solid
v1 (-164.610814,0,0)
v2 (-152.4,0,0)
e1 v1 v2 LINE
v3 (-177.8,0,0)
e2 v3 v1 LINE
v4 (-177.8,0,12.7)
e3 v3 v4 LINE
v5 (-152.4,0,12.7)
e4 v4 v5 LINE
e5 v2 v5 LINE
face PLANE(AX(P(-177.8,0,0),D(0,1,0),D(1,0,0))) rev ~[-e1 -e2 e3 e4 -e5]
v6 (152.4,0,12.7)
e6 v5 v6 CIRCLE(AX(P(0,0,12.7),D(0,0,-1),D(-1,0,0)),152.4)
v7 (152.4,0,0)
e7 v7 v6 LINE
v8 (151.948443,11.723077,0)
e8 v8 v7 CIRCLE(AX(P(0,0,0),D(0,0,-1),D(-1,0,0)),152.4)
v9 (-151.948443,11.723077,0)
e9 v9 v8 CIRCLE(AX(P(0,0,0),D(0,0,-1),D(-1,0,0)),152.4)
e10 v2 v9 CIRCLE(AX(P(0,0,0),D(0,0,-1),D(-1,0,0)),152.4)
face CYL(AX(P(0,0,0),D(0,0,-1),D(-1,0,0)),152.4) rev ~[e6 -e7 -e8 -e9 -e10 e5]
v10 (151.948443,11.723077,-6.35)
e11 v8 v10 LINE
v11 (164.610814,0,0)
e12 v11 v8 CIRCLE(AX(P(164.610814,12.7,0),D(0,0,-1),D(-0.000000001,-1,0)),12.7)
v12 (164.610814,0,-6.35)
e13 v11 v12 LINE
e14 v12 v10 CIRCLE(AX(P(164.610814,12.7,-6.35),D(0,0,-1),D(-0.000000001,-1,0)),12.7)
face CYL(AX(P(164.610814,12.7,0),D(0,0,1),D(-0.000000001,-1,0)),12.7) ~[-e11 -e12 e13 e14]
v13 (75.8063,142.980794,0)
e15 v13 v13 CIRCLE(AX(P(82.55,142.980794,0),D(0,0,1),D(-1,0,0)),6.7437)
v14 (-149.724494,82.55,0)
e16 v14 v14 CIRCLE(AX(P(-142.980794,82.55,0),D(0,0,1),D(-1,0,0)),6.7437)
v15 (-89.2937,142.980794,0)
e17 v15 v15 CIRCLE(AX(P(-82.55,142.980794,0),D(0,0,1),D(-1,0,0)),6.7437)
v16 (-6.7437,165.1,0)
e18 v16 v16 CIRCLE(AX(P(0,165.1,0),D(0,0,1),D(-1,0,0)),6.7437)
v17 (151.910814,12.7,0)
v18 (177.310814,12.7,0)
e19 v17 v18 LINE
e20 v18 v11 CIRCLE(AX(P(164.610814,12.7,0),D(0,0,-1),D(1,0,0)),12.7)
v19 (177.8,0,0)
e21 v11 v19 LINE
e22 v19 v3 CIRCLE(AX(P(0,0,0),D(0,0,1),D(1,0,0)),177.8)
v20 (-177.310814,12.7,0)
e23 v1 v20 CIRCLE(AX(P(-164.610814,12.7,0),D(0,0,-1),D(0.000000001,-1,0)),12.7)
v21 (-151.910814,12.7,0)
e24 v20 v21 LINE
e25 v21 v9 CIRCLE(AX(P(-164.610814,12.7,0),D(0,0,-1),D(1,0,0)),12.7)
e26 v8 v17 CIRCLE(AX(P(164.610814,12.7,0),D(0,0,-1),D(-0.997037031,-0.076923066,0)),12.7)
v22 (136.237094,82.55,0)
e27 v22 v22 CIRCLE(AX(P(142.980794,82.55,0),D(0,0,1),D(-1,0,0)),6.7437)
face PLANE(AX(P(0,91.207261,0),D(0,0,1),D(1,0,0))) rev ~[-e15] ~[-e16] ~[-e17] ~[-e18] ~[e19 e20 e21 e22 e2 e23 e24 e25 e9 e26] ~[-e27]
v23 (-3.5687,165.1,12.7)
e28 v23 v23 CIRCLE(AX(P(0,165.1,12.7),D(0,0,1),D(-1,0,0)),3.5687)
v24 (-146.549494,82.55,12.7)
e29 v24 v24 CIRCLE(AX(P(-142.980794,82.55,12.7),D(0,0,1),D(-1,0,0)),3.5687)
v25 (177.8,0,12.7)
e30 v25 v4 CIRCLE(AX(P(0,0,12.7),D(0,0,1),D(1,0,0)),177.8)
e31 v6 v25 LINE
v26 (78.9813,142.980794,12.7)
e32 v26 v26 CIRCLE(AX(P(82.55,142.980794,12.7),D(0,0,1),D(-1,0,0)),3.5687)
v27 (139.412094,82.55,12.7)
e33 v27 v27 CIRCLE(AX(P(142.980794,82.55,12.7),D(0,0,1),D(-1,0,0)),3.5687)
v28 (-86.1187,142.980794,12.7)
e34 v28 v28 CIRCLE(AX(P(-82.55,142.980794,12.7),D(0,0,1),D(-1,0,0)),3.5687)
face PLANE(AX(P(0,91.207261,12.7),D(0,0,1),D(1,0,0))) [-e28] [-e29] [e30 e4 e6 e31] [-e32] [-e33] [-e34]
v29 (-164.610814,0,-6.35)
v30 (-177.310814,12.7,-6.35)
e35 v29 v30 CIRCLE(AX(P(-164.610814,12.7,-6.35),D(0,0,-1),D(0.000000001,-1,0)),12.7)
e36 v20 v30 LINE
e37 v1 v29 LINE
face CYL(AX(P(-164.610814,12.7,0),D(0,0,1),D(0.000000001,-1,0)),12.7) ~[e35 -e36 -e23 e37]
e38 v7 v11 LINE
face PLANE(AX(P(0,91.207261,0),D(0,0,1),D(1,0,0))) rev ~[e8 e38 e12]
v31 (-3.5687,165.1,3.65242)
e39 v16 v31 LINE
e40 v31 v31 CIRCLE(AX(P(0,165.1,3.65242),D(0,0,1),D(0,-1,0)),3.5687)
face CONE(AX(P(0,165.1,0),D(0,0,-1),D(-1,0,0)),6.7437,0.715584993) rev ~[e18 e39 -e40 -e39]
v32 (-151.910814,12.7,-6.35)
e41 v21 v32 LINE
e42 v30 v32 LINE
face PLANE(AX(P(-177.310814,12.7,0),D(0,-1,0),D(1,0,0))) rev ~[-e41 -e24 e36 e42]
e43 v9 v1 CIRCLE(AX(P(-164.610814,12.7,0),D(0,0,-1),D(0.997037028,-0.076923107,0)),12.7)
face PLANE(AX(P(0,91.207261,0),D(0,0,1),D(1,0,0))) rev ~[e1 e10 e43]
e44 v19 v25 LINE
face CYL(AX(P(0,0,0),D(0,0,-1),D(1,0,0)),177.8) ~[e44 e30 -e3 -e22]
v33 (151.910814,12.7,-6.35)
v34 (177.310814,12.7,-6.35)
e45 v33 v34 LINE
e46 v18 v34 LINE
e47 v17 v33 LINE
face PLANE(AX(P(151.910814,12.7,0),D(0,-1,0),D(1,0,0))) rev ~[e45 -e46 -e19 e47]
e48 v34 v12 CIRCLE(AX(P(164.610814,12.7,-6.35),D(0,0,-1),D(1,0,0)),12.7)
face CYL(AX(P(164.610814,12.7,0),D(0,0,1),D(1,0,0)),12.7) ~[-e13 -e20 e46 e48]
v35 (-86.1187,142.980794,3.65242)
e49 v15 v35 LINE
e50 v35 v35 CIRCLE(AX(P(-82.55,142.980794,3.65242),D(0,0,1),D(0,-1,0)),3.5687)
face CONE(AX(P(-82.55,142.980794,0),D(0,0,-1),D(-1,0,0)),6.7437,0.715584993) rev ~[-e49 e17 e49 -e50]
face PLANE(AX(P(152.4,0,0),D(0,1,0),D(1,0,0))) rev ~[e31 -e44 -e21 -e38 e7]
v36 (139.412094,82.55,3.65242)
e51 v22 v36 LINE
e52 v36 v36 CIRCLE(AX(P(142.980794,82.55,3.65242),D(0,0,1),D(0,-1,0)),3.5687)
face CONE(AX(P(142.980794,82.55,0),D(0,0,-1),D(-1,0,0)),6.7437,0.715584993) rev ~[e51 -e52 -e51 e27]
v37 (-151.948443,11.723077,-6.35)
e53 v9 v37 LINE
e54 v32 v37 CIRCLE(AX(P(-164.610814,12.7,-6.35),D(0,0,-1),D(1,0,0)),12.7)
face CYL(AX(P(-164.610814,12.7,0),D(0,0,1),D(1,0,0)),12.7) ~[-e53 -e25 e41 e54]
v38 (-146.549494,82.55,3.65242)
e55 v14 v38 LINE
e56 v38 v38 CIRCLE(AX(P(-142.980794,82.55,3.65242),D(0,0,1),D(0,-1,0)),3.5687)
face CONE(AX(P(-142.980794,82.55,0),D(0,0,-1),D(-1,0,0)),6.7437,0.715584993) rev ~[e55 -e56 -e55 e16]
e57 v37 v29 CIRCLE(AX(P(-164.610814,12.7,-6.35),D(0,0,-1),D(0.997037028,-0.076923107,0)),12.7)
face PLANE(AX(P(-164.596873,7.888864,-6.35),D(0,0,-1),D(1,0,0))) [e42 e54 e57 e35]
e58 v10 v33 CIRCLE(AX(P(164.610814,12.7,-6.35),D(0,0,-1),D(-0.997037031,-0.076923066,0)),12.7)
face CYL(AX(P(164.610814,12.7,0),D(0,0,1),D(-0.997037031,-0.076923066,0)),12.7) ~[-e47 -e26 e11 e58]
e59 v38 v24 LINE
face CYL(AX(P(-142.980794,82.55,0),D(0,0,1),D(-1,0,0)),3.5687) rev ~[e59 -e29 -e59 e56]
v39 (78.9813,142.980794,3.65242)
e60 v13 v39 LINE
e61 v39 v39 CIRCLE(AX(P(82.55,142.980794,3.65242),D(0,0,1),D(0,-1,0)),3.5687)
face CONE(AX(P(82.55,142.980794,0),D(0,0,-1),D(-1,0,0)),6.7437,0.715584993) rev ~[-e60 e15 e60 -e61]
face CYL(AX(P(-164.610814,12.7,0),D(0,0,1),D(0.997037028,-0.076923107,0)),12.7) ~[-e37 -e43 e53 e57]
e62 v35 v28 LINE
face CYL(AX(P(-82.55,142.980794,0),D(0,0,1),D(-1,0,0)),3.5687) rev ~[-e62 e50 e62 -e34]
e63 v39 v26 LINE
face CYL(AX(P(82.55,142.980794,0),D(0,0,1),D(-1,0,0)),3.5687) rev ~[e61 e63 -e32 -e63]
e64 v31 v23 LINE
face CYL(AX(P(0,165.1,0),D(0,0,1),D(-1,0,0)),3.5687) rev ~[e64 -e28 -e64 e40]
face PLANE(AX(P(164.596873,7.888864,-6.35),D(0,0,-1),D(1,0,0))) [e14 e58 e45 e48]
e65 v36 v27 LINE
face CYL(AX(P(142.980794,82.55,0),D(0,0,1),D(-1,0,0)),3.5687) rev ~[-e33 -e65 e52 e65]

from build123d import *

# Parameters (mm, degrees)
F1_DEPTH       = 12.7
F3_DEPTH       = 6.35
F5_D           = 7.1374
F5_CSINK_D     = 13.4874
F5_CSINK_ANGLE = 82


with BuildPart() as f1:
    # F0 (on Top) → F1 (new body)
    with BuildSketch(Plane.XY):
        with BuildLine():
            Line((-177.8, 0), (-152.4, 0))
            ThreePointArc((-152.4, 0), (0, 152.4), (152.4, 0))
            Line((152.4, 0), (177.8, 0))
            ThreePointArc((177.8, 0), (0, 177.8), (-177.8, 0))
        make_face()
    extrude(amount=F1_DEPTH)

    # F2 (on face) → F3 (join)
    with BuildSketch(Plane(origin=(0, 0, 0), x_dir=(1, 0, 0), z_dir=(0, 0, -1))):
        with BuildLine():
            Line((-164.6108137396, -12.7), (-151.9108137396, -12.7))
            ThreePointArc((-151.9108137396, -12.7), (-151.9202246619, -12.2111760422), (-151.9484434816, -11.7230765386))
            ThreePointArc((-151.9484434816, -11.7230765386), (-155.9828628767, -3.3807476744), (-164.6108137281, 0))
            ThreePointArc((-164.6108137281, 0), (-173.5910698566, -3.7197438749), (-177.3108137396, -12.7))
            Line((-177.3108137396, -12.7), (-164.6108137396, -12.7))
        make_face()
        with BuildLine():
            ThreePointArc((151.9484434411, -11.7230770637), (151.9202246518, -12.2111763053), (151.9108137396, -12.7))
            Line((151.9108137396, -12.7), (177.3108137396, -12.7))
            ThreePointArc((177.3108137396, -12.7), (173.5910698566, -3.7197438749), (164.6108137281, 0))
            ThreePointArc((164.6108137281, 0), (155.9828626834, -3.3807478534), (151.9484434411, -11.7230770637))
        make_face()
    extrude(amount=F3_DEPTH)

    # F5 (through all)
    with Locations(Plane(origin=(0, 0, 0), x_dir=(1, 0, 0), z_dir=(0, 0, -1))):
        with Locations((-142.9807941648, -82.55), (-82.55, -142.9807941648), (0, -165.1), (82.55, -142.9807941648), (142.9807941648, -82.55)):
            CounterSinkHole(F5_D / 2, F5_CSINK_D / 2, counter_sink_angle=F5_CSINK_ANGLE)


solid = f1.part
